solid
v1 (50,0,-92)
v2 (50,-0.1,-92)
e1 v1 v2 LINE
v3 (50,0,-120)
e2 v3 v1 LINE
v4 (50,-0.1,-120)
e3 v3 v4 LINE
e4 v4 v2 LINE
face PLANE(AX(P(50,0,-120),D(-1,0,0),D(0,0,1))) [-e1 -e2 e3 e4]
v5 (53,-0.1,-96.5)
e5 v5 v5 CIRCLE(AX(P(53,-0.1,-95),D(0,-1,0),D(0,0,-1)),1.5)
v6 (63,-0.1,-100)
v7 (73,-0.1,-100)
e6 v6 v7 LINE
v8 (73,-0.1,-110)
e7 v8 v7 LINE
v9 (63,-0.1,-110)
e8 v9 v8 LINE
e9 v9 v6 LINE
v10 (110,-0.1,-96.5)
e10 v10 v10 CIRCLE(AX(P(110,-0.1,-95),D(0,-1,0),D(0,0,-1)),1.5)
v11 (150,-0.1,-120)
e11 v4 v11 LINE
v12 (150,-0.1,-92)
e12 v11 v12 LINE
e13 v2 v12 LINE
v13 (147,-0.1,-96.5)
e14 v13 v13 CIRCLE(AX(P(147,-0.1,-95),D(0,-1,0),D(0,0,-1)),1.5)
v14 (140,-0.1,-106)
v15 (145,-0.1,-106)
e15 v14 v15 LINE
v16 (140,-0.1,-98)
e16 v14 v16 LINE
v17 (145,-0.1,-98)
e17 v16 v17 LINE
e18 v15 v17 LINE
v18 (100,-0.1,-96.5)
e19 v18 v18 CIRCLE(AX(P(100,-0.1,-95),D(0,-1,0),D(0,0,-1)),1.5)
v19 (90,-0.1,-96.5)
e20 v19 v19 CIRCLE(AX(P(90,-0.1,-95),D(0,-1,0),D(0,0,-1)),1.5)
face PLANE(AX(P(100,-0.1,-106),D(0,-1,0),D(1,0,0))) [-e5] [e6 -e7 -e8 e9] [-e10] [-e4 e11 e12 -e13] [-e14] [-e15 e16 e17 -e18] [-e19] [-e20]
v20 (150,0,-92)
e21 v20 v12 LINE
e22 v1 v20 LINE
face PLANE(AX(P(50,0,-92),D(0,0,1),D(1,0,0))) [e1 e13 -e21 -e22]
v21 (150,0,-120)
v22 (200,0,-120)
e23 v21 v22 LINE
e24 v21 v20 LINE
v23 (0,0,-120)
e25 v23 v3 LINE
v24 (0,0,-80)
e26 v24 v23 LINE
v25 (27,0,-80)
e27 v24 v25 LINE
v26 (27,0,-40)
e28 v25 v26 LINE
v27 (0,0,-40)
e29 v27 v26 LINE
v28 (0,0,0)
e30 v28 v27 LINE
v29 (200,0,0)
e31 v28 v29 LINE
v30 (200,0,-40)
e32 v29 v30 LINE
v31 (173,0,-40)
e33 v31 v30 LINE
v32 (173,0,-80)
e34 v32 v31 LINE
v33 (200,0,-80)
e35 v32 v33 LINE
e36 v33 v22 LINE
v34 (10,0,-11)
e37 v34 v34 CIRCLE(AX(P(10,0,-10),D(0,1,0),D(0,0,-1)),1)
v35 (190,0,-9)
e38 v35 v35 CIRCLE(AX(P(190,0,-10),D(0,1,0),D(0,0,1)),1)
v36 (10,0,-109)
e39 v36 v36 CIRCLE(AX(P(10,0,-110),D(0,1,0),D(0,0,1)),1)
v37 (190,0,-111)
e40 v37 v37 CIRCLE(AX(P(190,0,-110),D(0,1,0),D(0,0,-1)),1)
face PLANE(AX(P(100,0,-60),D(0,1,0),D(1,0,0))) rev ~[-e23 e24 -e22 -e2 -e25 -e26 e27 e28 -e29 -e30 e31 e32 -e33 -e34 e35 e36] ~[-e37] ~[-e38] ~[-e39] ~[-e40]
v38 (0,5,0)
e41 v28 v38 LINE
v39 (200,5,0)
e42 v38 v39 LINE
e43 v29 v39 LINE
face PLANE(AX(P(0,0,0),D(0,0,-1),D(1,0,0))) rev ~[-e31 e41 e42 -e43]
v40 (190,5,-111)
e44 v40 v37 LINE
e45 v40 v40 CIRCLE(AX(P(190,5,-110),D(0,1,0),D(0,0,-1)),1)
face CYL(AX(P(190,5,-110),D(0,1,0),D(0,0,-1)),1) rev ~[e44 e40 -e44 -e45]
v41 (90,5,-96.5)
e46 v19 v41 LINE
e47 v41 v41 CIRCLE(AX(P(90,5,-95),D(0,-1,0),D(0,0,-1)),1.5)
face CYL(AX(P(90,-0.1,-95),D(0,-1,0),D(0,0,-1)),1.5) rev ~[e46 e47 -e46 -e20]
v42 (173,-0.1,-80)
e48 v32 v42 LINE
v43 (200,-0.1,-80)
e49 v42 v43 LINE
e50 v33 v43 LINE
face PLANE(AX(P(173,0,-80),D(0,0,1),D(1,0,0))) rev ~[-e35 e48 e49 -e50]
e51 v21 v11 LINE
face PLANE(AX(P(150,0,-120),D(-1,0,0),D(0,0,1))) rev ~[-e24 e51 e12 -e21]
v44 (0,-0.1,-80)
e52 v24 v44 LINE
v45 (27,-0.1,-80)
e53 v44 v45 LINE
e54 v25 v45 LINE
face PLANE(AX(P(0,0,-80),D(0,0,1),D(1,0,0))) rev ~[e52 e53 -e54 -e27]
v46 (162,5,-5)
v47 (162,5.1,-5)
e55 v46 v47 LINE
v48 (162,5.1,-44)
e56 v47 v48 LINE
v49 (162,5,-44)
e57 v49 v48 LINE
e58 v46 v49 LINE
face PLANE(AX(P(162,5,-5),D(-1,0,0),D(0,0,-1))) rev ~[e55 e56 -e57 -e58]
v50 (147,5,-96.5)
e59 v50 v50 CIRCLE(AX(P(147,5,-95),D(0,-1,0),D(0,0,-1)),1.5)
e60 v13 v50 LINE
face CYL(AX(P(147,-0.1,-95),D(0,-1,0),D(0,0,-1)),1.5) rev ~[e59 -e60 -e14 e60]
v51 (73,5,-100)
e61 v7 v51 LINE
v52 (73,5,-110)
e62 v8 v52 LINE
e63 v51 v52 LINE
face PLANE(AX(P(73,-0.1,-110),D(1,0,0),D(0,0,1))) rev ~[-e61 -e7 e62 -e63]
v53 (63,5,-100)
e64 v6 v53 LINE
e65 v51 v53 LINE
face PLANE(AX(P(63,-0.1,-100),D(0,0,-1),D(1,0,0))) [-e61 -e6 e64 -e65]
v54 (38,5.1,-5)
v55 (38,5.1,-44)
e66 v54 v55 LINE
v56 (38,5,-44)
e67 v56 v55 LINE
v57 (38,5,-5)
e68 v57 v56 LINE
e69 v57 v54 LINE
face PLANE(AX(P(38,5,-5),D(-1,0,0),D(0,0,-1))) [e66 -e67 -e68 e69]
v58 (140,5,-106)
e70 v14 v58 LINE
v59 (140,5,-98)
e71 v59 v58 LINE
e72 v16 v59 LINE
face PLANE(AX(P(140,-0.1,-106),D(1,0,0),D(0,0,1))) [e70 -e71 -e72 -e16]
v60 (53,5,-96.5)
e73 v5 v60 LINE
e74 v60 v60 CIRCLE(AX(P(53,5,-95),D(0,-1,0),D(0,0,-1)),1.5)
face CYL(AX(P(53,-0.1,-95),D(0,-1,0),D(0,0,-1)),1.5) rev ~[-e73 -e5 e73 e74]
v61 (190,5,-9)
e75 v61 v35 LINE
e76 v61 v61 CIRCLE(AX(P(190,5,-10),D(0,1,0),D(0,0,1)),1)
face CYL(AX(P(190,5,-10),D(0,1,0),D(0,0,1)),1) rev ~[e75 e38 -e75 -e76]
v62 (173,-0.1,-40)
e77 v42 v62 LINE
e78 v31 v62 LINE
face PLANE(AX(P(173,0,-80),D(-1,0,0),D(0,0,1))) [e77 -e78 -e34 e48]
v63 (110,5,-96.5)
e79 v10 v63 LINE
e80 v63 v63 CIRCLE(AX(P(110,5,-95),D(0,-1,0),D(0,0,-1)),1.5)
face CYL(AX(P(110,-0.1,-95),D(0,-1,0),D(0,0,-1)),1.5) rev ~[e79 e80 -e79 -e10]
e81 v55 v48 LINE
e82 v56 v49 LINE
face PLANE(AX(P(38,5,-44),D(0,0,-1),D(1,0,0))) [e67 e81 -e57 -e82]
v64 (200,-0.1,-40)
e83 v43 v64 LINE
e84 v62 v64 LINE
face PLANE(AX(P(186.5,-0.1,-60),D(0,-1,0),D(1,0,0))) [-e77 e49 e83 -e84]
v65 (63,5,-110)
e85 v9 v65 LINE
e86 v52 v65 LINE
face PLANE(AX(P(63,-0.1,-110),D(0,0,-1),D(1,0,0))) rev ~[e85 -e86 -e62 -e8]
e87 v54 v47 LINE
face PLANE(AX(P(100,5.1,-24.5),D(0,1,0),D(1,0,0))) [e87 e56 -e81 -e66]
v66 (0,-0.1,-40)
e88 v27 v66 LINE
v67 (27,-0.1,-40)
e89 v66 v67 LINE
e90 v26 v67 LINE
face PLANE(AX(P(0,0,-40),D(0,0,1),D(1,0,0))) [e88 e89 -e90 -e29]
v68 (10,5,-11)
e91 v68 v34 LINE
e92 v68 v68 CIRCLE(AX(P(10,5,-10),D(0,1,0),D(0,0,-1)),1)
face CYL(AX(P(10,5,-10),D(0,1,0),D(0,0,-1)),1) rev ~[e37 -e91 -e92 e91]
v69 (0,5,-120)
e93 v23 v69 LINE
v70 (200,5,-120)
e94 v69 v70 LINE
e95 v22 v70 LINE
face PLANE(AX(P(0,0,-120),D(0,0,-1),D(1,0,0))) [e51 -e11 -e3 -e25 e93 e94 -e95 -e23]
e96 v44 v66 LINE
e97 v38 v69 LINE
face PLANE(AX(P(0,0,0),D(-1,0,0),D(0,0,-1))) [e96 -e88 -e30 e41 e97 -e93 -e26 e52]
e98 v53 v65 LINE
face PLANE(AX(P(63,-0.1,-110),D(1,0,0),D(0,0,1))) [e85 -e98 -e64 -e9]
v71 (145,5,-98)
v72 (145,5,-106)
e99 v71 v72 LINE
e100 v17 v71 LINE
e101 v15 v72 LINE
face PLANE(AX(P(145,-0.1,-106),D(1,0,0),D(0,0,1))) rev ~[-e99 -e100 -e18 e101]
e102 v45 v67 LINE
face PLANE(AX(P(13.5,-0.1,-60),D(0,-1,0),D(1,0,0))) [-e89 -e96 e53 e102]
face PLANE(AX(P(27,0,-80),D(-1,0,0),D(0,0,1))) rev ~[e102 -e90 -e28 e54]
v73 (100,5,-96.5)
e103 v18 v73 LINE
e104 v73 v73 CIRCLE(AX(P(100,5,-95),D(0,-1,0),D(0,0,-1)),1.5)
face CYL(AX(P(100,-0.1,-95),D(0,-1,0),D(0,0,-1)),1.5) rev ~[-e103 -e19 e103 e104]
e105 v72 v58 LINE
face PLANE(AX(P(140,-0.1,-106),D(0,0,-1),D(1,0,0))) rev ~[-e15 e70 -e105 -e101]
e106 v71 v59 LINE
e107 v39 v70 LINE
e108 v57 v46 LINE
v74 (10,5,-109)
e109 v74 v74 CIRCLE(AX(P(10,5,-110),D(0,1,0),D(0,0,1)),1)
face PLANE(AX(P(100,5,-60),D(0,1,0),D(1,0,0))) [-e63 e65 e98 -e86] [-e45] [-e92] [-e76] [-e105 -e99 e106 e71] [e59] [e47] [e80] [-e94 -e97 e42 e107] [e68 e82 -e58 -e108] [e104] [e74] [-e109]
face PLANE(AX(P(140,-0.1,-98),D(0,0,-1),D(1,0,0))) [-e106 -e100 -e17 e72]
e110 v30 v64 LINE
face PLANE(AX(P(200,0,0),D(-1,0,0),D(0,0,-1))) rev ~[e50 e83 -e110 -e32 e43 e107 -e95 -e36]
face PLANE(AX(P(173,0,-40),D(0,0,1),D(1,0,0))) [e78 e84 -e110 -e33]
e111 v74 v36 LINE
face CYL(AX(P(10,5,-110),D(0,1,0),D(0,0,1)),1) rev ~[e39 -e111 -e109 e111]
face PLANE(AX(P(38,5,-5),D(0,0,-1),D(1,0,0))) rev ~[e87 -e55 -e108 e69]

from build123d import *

# Parameters (mm, degrees)
SKETCH1_W           = 200
SKETCH1_H           = 120
BOSS_EXTRUDE1_DEPTH = 5
SKETCH2_R           = 1
CUT_EXTRUDE1_DEPTH  = 10
SKETCH3_W           = 27
SKETCH3_H           = 40
BOSS_EXTRUDE2_DEPTH = 0.1
SKETCH4_W           = 100
SKETCH4_H           = 28
BOSS_EXTRUDE3_DEPTH = 0.1
SKETCH5_R           = 1.5
SKETCH5_W           = 5
SKETCH5_H           = 8
SKETCH5_W_2         = 10
SKETCH5_H_2         = 10
CUT_EXTRUDE2_DEPTH  = 234.293827608
SKETCH6_W           = 124
SKETCH6_H           = 39
BOSS_EXTRUDE4_DEPTH = 0.1


with BuildPart() as part:
    # Sketch1 → Boss-Extrude1 (new body)
    with BuildSketch(Plane(origin=(0, 0, 0), x_dir=(1, 0, 0), z_dir=(0, 1, 0))):
        with Locations((100, 60)):
            Rectangle(SKETCH1_W, SKETCH1_H)
    extrude(amount=BOSS_EXTRUDE1_DEPTH)

    # Sketch2 → Cut-Extrude1 (cut)
    with BuildSketch(Plane(origin=(0, 5, 0), x_dir=(1, 0, 0), z_dir=(0, 1, 0))):
        with Locations(Location((10, 110, 0), (0, 0, 270))):
            Circle(SKETCH2_R)
        with Locations(Location((190, 110, 0), (0, 0, 90))):
            Circle(SKETCH2_R)
        with Locations(Location((190, 10, 0), (0, 0, 270))):
            Circle(SKETCH2_R)
        with Locations(Location((10, 10, 0), (0, 0, 90))):
            Circle(SKETCH2_R)
    extrude(amount=-CUT_EXTRUDE1_DEPTH, mode=Mode.SUBTRACT)

    # Sketch3 → Boss-Extrude2 (add)
    with BuildSketch(Plane.XZ):
        with Locations((13.5, -60)):
            Rectangle(SKETCH3_W, SKETCH3_H)
        with Locations((186.5, -60)):
            Rectangle(SKETCH3_W, SKETCH3_H)
    extrude(amount=BOSS_EXTRUDE2_DEPTH)

    # Sketch4 → Boss-Extrude3 (add)
    with BuildSketch(Plane.XZ):
        with Locations((100, -106)):
            Rectangle(SKETCH4_W, SKETCH4_H)
    extrude(amount=BOSS_EXTRUDE3_DEPTH)

    # Sketch5 → Cut-Extrude2 (cut, through all)
    with BuildSketch(Plane.XZ.offset(0.1)):
        with Locations(Location((53, -95, 0), (0, 0, 270))):
            Circle(SKETCH5_R)
        with Locations(Location((90, -95, 0), (0, 0, 270))):
            Circle(SKETCH5_R)
        with Locations(Location((100, -95, 0), (0, 0, 270))):
            Circle(SKETCH5_R)
        with Locations(Location((110, -95, 0), (0, 0, 270))):
            Circle(SKETCH5_R)
        with Locations(Location((147, -95, 0), (0, 0, 270))):
            Circle(SKETCH5_R)
        with Locations((142.5, -102)):
            Rectangle(SKETCH5_W, SKETCH5_H)
        with Locations((68, -105)):
            Rectangle(SKETCH5_W_2, SKETCH5_H_2)
    extrude(amount=-CUT_EXTRUDE2_DEPTH, mode=Mode.SUBTRACT)

    # Sketch6 → Boss-Extrude4 (add)
    with BuildSketch(Plane(origin=(0, 5, 0), x_dir=(1, 0, 0), z_dir=(0, 1, 0))):
        with Locations((100, 24.5)):
            Rectangle(SKETCH6_W, SKETCH6_H)
    extrude(amount=BOSS_EXTRUDE4_DEPTH)


solid = part.part
